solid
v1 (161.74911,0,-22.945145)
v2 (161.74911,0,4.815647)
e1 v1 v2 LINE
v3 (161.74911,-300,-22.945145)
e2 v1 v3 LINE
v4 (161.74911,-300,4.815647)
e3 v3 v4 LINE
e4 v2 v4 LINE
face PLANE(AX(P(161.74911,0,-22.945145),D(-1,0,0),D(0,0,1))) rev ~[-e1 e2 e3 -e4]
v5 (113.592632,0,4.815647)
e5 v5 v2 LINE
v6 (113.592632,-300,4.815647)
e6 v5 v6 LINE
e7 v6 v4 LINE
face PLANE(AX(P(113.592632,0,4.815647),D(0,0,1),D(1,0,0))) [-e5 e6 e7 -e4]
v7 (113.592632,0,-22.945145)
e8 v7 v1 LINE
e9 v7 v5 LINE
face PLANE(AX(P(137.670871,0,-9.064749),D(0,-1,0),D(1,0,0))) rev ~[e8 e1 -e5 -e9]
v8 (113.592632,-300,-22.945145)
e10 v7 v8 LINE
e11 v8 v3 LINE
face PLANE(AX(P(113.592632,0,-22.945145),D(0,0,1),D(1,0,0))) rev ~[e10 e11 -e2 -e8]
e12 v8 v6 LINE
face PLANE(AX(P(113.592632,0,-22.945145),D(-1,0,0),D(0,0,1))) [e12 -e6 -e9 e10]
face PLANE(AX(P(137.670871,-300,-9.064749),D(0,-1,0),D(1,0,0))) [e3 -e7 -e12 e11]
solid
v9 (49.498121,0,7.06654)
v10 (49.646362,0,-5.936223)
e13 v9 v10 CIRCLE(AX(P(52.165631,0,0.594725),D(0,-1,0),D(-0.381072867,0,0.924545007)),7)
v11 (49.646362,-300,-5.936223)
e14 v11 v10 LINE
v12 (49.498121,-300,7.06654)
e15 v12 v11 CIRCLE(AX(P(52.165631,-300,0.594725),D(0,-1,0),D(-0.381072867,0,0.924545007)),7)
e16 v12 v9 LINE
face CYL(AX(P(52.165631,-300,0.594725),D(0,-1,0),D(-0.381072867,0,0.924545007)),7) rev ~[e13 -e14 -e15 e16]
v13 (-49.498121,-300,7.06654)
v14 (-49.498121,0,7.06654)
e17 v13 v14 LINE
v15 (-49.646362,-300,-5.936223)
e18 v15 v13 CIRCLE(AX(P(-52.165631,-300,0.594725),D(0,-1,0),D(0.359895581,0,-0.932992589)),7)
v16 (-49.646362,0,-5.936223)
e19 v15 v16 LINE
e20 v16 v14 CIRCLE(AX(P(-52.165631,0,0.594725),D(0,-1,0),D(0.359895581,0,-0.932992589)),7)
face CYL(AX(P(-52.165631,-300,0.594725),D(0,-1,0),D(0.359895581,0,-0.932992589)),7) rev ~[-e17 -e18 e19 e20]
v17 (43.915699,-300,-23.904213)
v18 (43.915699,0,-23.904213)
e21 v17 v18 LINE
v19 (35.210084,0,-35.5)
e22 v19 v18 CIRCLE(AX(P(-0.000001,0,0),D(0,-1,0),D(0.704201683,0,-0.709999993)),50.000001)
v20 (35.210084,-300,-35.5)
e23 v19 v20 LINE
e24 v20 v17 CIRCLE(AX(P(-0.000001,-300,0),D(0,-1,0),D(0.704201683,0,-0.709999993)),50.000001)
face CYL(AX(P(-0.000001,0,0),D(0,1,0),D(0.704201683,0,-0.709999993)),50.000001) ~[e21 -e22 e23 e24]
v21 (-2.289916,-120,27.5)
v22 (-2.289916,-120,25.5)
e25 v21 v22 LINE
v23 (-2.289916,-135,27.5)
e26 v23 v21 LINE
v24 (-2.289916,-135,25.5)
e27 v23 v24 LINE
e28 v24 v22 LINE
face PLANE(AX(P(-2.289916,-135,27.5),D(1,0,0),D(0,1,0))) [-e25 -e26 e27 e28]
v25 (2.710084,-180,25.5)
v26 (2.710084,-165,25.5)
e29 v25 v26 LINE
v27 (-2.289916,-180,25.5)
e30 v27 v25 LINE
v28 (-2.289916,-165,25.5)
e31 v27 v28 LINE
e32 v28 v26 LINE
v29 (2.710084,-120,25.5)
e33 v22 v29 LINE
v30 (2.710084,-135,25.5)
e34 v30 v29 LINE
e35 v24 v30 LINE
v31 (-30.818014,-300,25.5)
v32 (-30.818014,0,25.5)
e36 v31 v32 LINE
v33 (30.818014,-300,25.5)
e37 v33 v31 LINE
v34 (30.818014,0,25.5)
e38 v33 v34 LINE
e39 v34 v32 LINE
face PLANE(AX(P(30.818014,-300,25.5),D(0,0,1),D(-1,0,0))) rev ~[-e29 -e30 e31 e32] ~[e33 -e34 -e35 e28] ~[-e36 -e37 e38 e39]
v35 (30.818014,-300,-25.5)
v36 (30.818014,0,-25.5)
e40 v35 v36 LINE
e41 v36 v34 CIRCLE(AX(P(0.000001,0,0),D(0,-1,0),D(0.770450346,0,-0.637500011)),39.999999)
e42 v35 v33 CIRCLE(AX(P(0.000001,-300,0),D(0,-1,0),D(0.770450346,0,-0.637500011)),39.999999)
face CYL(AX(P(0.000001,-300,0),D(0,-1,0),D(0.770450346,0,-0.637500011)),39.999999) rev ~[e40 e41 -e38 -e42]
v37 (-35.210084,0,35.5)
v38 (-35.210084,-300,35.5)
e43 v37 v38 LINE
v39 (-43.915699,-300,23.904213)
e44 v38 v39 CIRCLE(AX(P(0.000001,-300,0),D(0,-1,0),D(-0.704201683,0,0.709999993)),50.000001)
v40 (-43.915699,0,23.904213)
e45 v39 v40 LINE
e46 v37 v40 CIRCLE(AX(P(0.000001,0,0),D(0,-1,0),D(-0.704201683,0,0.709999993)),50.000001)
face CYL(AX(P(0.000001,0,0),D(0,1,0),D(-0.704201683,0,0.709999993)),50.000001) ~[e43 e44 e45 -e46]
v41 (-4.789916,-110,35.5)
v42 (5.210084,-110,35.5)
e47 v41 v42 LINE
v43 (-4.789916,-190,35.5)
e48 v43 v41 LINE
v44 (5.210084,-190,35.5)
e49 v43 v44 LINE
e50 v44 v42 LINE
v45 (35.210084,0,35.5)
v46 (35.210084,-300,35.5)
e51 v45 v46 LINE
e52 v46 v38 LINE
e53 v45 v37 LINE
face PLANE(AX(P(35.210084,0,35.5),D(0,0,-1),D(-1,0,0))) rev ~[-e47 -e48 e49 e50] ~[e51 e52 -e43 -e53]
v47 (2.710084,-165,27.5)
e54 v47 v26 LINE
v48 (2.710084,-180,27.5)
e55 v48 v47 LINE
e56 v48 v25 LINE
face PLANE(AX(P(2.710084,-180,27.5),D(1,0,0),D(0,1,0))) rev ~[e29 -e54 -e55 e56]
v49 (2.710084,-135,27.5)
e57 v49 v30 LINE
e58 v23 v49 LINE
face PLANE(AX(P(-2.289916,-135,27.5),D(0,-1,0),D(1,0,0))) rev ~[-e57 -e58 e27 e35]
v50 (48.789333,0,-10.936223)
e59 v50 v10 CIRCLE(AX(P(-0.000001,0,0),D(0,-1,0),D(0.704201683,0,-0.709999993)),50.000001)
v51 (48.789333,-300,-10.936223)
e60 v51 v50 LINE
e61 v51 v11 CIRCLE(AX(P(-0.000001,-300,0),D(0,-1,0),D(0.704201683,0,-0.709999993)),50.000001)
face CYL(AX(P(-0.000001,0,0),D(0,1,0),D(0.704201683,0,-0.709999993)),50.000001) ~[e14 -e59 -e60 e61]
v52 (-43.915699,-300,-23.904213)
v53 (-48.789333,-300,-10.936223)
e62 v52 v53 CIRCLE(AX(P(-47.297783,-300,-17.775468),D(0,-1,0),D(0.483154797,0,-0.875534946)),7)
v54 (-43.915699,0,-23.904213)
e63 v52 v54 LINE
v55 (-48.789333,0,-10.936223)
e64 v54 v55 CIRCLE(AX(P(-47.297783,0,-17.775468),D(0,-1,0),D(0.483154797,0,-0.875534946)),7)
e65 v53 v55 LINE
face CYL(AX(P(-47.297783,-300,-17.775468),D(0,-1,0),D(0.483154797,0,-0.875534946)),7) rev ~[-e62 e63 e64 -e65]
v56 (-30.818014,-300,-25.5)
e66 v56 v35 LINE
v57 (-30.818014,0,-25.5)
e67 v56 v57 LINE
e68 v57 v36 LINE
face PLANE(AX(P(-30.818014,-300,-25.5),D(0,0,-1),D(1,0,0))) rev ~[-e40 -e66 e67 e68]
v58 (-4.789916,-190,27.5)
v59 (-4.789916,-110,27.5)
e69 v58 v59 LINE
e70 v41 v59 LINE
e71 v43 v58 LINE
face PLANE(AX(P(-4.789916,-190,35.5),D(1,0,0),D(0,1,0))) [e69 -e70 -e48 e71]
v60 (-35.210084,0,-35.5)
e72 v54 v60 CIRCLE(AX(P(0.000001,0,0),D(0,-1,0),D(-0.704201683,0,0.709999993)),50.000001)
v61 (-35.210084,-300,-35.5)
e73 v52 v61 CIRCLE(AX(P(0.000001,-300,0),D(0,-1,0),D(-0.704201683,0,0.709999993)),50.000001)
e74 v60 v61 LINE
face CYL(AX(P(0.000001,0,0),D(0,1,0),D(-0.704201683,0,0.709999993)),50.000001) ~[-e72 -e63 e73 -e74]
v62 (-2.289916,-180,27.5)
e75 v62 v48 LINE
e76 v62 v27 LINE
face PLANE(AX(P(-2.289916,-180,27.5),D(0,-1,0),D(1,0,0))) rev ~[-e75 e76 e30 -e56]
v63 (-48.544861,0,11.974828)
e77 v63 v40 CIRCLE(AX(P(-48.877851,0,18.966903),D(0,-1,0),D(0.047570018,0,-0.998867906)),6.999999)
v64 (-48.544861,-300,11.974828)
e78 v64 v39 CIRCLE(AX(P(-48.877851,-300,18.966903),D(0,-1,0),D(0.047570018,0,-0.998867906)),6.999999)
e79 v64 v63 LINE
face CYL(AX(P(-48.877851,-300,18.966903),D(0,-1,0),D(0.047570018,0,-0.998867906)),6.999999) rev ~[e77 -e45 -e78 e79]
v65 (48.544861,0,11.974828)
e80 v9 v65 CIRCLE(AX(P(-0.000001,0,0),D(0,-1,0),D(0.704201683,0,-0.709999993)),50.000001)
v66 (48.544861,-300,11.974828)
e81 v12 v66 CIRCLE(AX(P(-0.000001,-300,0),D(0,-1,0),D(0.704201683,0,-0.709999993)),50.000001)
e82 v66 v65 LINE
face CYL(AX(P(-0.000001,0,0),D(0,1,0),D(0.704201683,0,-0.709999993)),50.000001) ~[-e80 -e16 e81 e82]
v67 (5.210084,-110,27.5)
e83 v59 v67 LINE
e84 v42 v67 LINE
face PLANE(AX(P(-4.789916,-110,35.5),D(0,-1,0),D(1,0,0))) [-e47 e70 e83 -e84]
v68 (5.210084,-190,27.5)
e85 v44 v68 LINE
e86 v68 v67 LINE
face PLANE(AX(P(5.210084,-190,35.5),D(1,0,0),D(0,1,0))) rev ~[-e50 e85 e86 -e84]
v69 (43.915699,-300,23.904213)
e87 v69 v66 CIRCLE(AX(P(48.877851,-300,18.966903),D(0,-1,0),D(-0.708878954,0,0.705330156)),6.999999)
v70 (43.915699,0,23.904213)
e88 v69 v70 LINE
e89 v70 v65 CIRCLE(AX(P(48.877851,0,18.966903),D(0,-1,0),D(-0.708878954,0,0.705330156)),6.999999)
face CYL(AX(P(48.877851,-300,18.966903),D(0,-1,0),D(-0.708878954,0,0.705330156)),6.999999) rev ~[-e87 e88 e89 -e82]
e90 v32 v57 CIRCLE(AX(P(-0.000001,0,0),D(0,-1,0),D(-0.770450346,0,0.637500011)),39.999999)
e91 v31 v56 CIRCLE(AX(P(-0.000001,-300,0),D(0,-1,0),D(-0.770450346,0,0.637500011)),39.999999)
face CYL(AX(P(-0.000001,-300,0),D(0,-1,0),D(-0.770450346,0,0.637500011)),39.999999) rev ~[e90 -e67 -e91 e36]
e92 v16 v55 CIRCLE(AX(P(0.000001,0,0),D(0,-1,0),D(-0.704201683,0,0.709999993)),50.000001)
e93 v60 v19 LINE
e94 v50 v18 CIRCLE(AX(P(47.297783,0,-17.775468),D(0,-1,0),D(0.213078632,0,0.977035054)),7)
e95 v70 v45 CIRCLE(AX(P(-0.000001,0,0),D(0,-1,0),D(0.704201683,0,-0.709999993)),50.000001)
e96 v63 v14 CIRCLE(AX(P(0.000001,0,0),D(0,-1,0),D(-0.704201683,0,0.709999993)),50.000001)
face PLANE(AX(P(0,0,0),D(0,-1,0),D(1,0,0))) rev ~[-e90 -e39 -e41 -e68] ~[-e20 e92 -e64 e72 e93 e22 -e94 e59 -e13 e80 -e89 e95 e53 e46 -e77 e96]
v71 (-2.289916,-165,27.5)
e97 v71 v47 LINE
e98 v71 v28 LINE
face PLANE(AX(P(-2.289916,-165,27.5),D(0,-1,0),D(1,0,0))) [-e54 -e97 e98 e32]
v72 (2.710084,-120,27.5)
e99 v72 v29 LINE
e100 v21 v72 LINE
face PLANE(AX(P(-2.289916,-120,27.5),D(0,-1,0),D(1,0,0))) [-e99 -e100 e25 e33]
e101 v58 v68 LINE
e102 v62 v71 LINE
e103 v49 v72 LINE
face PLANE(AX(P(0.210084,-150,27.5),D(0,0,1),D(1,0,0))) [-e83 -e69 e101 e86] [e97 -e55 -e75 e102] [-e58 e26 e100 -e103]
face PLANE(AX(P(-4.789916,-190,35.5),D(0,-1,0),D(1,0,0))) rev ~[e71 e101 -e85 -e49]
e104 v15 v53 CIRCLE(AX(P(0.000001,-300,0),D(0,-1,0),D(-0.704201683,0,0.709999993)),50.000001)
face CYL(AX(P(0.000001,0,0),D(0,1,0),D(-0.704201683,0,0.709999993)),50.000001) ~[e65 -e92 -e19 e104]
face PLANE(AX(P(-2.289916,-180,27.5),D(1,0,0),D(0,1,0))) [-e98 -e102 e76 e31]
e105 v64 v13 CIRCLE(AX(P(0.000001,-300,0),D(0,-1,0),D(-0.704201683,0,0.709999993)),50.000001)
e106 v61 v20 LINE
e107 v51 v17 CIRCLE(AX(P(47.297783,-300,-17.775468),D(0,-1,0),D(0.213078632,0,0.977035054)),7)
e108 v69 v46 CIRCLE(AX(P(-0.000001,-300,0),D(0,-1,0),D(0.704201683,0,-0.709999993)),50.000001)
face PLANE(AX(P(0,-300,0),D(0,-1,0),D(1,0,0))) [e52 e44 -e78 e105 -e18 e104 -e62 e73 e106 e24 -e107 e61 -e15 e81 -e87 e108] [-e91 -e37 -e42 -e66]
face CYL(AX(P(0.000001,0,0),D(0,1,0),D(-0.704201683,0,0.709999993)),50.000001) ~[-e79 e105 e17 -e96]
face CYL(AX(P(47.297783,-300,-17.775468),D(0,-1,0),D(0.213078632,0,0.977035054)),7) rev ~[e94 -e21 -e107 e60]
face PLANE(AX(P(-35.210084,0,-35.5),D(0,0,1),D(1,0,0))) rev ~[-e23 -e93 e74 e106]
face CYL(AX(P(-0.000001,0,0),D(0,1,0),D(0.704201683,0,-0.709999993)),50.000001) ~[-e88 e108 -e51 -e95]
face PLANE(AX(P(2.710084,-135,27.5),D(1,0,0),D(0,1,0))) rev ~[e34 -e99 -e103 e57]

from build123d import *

# Parameters (mm, degrees)
F0_W     = 48.156478
F0_H     = 27.760793
F1_DEPTH = 300
F3_DEPTH = 300
F4_W     = 10
F4_H     = 80
F5_DEPTH = 8
F6_W     = 5
F6_H     = 15
F7_DEPTH = 5
F9_DEPTH = 300


with BuildPart() as f1:
    # F0 (on Front) → F1 (new body)
    with BuildSketch(Plane.XZ):
        with BuildLine():
            Line((35.210084, 35.5), (-35.210084, 35.5))
            ThreePointArc((-35.210084, 35.5), (-50, 0), (-35.210084, -35.5))
            Line((-35.210084, -35.5), (35.210084, -35.5))
            ThreePointArc((35.210084, -35.5), (50, 0), (35.210084, 35.5))
        make_face()
        with Locations((137.670871, -9.064749)):
            Rectangle(F0_W, F0_H)
    extrude(amount=F1_DEPTH)

    # F2 (on face) → F3 (cut)
    with BuildSketch(Plane.XZ.offset(300)):
        with BuildLine():
            Line((30.818014, 25.5), (-30.818014, 25.5))
            ThreePointArc((-30.818014, 25.5), (-40, 0), (-30.818014, -25.5))
            Line((-30.818014, -25.5), (30.818014, -25.5))
            ThreePointArc((30.818014, -25.5), (40, 0), (30.818014, 25.5))
        make_face()
    extrude(amount=-F3_DEPTH, mode=Mode.SUBTRACT)

    # F4 (on face) → F5 (cut)
    with BuildSketch(Plane.XY.offset(35.5)):
        with Locations((0.210084, -150)):
            Rectangle(F4_W, F4_H)
    extrude(amount=-F5_DEPTH, mode=Mode.SUBTRACT)

    # F6 (on face) → F7 (cut)
    with BuildSketch(Plane.XY.offset(27.5)):
        with Locations((0.210084, -127.5)):
            Rectangle(F6_W, F6_H)
        with Locations((0.210084, -172.5)):
            Rectangle(F6_W, F6_H)
    extrude(amount=-F7_DEPTH, mode=Mode.SUBTRACT)

    # F8 (on face) → F9 (cut)
    with BuildSketch(Plane.XZ.offset(300)):
        with BuildLine():
            ThreePointArc((48.544861, 11.974828), (47.232473, 18.328418), (43.915699, 23.904213))
            ThreePointArc((43.915699, 23.904213), (42.351965, 16.434552), (48.544861, 11.974828))
        make_face()
        with BuildLine():
            ThreePointArc((49.646362, -5.936223), (52.468789, 0.598181), (49.498121, 7.06654))
            ThreePointArc((49.498121, 7.06654), (45.166086, 0.514925), (49.646362, -5.936223))
        make_face()
        with BuildLine():
            ThreePointArc((43.915699, -23.904213), (49.497466, -18.602155), (48.789333, -10.936223))
            ThreePointArc((48.789333, -10.936223), (40.745247, -15.312893), (43.915699, -23.904213))
        make_face()
        with BuildLine():
            ThreePointArc((-48.544861, 11.974828), (-42.351965, 16.434552), (-43.915699, 23.904213))
            ThreePointArc((-43.915699, 23.904213), (-47.232473, 18.328418), (-48.544861, 11.974828))
        make_face()
        with BuildLine():
            ThreePointArc((-49.646362, -5.936223), (-45.166086, 0.514925), (-49.498121, 7.06654))
            ThreePointArc((-49.498121, 7.06654), (-52.468789, 0.598181), (-49.646362, -5.936223))
        make_face()
        with BuildLine():
            ThreePointArc((-43.915699, -23.904213), (-40.745247, -15.312893), (-48.789333, -10.936223))
            ThreePointArc((-48.789333, -10.936223), (-49.497466, -18.602155), (-43.915699, -23.904213))
        make_face()
    extrude(amount=-F9_DEPTH, mode=Mode.SUBTRACT)


solid = f1.part
